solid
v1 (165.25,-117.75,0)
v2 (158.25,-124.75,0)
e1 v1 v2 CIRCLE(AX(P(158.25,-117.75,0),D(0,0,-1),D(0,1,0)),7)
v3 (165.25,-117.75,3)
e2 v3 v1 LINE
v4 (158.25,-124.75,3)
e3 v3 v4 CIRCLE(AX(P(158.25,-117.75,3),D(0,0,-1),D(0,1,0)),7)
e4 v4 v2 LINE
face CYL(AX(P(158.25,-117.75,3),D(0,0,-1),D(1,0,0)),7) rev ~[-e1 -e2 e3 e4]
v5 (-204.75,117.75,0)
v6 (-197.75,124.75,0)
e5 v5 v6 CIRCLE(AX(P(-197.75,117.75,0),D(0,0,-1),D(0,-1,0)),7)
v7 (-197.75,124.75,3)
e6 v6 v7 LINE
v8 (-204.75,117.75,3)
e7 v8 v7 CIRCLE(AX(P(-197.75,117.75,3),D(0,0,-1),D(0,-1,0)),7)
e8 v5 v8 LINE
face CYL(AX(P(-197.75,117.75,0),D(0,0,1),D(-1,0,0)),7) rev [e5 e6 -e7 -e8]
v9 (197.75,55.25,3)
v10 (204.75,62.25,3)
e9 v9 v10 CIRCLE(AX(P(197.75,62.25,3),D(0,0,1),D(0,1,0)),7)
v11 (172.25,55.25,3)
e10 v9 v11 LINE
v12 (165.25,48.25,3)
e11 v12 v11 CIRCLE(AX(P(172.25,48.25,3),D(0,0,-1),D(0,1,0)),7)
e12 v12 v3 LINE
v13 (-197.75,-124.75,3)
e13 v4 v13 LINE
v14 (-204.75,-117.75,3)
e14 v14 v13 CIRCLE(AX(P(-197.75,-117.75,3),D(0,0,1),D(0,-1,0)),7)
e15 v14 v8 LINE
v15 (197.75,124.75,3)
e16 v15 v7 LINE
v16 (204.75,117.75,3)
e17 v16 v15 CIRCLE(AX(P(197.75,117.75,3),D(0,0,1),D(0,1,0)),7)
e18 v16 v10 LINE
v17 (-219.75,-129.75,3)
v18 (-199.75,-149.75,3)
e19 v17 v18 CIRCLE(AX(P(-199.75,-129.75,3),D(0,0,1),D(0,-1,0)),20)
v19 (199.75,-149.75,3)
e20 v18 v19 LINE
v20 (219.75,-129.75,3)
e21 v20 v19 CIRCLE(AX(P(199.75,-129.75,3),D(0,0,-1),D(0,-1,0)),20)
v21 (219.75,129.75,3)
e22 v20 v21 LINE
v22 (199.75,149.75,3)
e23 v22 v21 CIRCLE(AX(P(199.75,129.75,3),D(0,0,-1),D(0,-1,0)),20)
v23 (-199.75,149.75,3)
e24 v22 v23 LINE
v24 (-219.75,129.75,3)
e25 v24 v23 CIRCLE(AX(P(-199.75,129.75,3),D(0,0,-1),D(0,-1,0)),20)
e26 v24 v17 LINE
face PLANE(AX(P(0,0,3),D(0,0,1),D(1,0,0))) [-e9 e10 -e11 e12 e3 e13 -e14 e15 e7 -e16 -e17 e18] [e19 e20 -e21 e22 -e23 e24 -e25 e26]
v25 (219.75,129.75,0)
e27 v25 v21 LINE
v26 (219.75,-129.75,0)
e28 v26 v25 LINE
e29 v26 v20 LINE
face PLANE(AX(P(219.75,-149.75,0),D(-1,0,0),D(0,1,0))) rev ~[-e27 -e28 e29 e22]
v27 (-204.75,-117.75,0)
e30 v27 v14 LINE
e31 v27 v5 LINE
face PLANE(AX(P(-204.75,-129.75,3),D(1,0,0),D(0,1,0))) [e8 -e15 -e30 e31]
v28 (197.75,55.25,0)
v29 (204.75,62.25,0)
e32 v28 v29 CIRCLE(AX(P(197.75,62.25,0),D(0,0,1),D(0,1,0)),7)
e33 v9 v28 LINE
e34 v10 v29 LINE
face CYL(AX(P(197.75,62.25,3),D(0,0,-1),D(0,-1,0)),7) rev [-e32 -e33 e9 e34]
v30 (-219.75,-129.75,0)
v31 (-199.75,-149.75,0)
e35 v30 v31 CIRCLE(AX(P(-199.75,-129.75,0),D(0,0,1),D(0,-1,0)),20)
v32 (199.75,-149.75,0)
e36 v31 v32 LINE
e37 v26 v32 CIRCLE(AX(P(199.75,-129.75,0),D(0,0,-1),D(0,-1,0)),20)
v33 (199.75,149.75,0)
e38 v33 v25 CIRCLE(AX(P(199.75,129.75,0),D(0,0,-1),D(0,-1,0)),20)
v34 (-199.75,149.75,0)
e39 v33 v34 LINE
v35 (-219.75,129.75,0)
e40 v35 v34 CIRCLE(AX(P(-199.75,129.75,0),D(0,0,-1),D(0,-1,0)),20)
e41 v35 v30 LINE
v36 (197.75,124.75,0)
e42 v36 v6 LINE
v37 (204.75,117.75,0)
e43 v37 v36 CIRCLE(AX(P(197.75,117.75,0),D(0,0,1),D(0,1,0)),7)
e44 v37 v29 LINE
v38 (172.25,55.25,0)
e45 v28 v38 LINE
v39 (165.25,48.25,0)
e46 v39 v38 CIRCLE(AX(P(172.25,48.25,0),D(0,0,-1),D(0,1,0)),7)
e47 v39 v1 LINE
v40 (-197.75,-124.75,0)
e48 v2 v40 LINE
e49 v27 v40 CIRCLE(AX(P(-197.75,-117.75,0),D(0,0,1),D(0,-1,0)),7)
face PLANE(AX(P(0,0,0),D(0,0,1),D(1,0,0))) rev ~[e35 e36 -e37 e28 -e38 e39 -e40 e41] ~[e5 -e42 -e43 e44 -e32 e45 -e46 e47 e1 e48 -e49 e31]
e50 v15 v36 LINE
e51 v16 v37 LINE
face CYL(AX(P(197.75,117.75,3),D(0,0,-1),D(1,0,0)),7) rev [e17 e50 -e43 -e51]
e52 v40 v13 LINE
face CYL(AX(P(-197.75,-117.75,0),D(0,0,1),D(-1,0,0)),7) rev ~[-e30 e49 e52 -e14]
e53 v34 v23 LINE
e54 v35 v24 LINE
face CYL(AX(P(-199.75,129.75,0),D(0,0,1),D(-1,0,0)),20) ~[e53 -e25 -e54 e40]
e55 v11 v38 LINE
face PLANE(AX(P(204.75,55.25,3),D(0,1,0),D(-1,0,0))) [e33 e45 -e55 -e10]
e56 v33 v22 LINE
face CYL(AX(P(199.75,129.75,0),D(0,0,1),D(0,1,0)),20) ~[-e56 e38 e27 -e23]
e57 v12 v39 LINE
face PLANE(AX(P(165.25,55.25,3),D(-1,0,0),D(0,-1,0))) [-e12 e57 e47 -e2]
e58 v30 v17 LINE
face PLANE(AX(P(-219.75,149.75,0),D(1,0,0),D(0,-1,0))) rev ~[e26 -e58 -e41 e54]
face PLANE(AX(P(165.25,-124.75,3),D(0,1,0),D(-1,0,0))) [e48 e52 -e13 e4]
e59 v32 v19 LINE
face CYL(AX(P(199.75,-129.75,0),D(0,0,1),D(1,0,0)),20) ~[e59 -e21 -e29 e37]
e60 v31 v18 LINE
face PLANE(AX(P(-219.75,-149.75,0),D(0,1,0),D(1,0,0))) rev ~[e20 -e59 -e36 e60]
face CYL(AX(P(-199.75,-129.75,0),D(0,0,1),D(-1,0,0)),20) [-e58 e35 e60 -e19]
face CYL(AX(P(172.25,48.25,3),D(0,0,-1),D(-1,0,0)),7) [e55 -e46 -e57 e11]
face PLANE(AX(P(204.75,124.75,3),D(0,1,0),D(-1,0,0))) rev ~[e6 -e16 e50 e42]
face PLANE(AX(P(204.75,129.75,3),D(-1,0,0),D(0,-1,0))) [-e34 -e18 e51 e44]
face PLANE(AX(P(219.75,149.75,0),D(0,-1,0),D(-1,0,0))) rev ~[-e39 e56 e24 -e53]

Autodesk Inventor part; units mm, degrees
ref_plane "YZ Plane" through (0, 0, 0) normal (1, 0, 0) x (0, 1, 0)
ref_plane "XZ Plane" through (0, 0, 0) normal (0, 1, 0) x (-1, 0, 0)
ref_plane "XY Plane" through (0, 0, 0) normal (0, 0, 1) x (1, 0, 0)
sketch "Sketch1" plane through (0, 0, 0) normal (0, 0, 1) x (1, 0, 0)
  line L0 (-219.75, -149.75) -> (219.75, -149.75)
  line L1 (219.75, -149.75) -> (219.75, 149.75)
  line L2 (219.75, 149.75) -> (-219.75, 149.75)
  line L3 (-219.75, 149.75) -> (-219.75, -149.75)
  line L4 (-219.75, -149.75) -> (219.75, 149.75) construction
  line L5 (219.75, -149.75) -> (-219.75, 149.75) construction
  point P0 (0, 0)
  dimension "d0" = 439.5
  dimension "d1" = 299.5
extrude "Extrusion1" add sketch "Sketch1" along normal blind 3
fillet "Fillet1" radius 20 4 edges at (219.75, 149.75, 1.5) (219.75, -149.75, 1.5) (-219.75, -149.75, 1.5) (-219.75, 149.75, 1.5)
sketch "Sketch2" plane through (0, 0, 3) normal (0, 0, 1) x (1, 0, 0)
  line L0 (-313.799, 0) -> (313.799, 0) construction
  line L1 (-199.75, -149.75) -> (199.75, -149.75) projected
  arc A0 (-219.75, -129.75) -> (-199.75, -149.75) centre (-199.75, -129.75) ccw projected
  line L2 (-219.75, 129.75) -> (-219.75, -129.75) projected
  arc A1 (-199.75, 149.75) -> (-219.75, 129.75) centre (-199.75, 129.75) ccw projected
  line L3 (199.75, 149.75) -> (-199.75, 149.75) projected
  arc A2 (219.75, 129.75) -> (199.75, 149.75) centre (199.75, 129.75) ccw projected
  line L4 (219.75, -129.75) -> (219.75, 129.75) projected
  arc A3 (199.75, -149.75) -> (219.75, -129.75) centre (199.75, -129.75) ccw projected
  line L5 (199.75, -134.75) -> (-199.75, -134.75)
  arc A4 (-204.75, -129.75) -> (-199.75, -134.75) centre (-199.75, -129.75) ccw
  line L6 (-204.75, -129.75) -> (-204.75, 129.75)
  arc A5 (-199.75, 134.75) -> (-204.75, 129.75) centre (-199.75, 129.75) ccw
  line L7 (-199.75, 134.75) -> (199.75, 134.75)
  arc A6 (204.75, 129.75) -> (199.75, 134.75) centre (199.75, 129.75) ccw
  line L8 (204.75, 129.75) -> (204.75, -129.75)
  arc A7 (199.75, -134.75) -> (204.75, -129.75) centre (199.75, -129.75) ccw
  line L9 (204.75, 55.25) -> (165.25, 55.25)
  line L10 (165.25, 55.25) -> (165.25, -134.75)
  line L11 (165.25, -134.75) -> (204.75, -134.75)
  line L12 (204.75, -134.75) -> (204.75, 55.25)
  dimension "d7" = 15
  dimension "d8" = 370
  dimension "d9" = 190
extrude "Extrusion2" cut sketch "Sketch2" against normal through all contours L5 A4 L6 A5 L7 A6 L8 L9 L10
fillet "Fillet2" radius 7 3 edges at (204.75, 55.25, 1.5) (165.25, 55.25, 1.5) (165.25, -134.75, 1.5)
sketch "Sketch4" plane through (0, 0, 3) normal (0, 0, 1) x (1, 0, 0)
  line L0 (165.25, 48.25) -> (165.25, -127.75) projected
  line L1 (165.25, -124.75) -> (-206.75, -124.75)
  line L2 (-206.75, -124.75) -> (-206.75, -134.75)
  line L3 (-206.75, -134.75) -> (165.25, -134.75)
  line L4 (165.25, -134.75) -> (165.25, -124.75)
  line L5 (-206.75, 134.75) -> (204.75, 134.75)
  line L6 (204.75, 134.75) -> (204.75, 124.75)
  line L7 (204.75, 124.75) -> (-206.75, 124.75)
  line L8 (-206.75, 124.75) -> (-206.75, 134.75)
  line L9 (-199.75, 134.75) -> (199.75, 134.75) projected
  line L10 (158.25, -134.75) -> (-199.75, -134.75) projected
  point P0 (0, 0)
  point P1 (-1, 134.75)
  point P2 (204.75, 129.75)
  point P3 (-20.75, -134.75)
  point P4 (165.25, -127.75)
  dimension "d13" = 10
  dimension "d14" = 10
extrude "Extrusion3" add sketch "Sketch4" against normal up to surface (3 mm away)
fillet "Fillet3" radius 7 4 edges at (204.75, 124.75, 1.5) (-204.75, 124.75, 1.5) (-204.75, -124.75, 1.5) (165.25, -124.75, 1.5)
sketch "Sketch5" plane through (0, 0, 3) normal (0, 0, 1) x (1, 0, 0)
  line L0 (204.75, 117.75) -> (204.75, 62.25) projected
  arc A0 (197.75, 55.25) -> (204.75, 62.25) centre (197.75, 62.25) ccw projected
  line L1 (197.75, 55.25) -> (172.25, 55.25) projected
  arc A1 (172.25, 55.25) -> (165.25, 48.25) centre (172.25, 48.25) ccw projected
  line L2 (165.25, 48.25) -> (165.25, -117.75) projected
  arc A2 (158.25, -124.75) -> (165.25, -117.75) centre (158.25, -117.75) ccw projected
  line L3 (158.25, -124.75) -> (-197.75, -124.75) projected
  arc A3 (-204.75, -117.75) -> (-197.75, -124.75) centre (-197.75, -117.75) ccw projected
  line L4 (-204.75, -117.75) -> (-204.75, 117.75) projected
  arc A4 (-197.75, 124.75) -> (-204.75, 117.75) centre (-197.75, 117.75) ccw projected
  line L5 (-197.75, 124.75) -> (197.75, 124.75) projected
  arc A5 (204.75, 117.75) -> (197.75, 124.75) centre (197.75, 117.75) ccw projected
  arc A6 (-199.75, 149.75) -> (-219.75, 129.75) centre (-199.75, 129.75) ccw projected
  line L6 (-219.75, 129.75) -> (-219.75, -129.75) projected
  arc A7 (-219.75, -129.75) -> (-199.75, -149.75) centre (-199.75, -129.75) ccw projected
  line L7 (-199.75, -149.75) -> (199.75, -149.75) projected
  arc A8 (199.75, -149.75) -> (219.75, -129.75) centre (199.75, -129.75) ccw projected
  line L8 (219.75, -129.75) -> (219.75, 129.75) projected
  arc A9 (219.75, 129.75) -> (199.75, 149.75) centre (199.75, 129.75) ccw projected
  line L9 (199.75, 149.75) -> (-199.75, 149.75) projected
  point P0 (0, 0)
equation "\"d14\" = d13"
properties part number "UpperAcrylicPlate"
